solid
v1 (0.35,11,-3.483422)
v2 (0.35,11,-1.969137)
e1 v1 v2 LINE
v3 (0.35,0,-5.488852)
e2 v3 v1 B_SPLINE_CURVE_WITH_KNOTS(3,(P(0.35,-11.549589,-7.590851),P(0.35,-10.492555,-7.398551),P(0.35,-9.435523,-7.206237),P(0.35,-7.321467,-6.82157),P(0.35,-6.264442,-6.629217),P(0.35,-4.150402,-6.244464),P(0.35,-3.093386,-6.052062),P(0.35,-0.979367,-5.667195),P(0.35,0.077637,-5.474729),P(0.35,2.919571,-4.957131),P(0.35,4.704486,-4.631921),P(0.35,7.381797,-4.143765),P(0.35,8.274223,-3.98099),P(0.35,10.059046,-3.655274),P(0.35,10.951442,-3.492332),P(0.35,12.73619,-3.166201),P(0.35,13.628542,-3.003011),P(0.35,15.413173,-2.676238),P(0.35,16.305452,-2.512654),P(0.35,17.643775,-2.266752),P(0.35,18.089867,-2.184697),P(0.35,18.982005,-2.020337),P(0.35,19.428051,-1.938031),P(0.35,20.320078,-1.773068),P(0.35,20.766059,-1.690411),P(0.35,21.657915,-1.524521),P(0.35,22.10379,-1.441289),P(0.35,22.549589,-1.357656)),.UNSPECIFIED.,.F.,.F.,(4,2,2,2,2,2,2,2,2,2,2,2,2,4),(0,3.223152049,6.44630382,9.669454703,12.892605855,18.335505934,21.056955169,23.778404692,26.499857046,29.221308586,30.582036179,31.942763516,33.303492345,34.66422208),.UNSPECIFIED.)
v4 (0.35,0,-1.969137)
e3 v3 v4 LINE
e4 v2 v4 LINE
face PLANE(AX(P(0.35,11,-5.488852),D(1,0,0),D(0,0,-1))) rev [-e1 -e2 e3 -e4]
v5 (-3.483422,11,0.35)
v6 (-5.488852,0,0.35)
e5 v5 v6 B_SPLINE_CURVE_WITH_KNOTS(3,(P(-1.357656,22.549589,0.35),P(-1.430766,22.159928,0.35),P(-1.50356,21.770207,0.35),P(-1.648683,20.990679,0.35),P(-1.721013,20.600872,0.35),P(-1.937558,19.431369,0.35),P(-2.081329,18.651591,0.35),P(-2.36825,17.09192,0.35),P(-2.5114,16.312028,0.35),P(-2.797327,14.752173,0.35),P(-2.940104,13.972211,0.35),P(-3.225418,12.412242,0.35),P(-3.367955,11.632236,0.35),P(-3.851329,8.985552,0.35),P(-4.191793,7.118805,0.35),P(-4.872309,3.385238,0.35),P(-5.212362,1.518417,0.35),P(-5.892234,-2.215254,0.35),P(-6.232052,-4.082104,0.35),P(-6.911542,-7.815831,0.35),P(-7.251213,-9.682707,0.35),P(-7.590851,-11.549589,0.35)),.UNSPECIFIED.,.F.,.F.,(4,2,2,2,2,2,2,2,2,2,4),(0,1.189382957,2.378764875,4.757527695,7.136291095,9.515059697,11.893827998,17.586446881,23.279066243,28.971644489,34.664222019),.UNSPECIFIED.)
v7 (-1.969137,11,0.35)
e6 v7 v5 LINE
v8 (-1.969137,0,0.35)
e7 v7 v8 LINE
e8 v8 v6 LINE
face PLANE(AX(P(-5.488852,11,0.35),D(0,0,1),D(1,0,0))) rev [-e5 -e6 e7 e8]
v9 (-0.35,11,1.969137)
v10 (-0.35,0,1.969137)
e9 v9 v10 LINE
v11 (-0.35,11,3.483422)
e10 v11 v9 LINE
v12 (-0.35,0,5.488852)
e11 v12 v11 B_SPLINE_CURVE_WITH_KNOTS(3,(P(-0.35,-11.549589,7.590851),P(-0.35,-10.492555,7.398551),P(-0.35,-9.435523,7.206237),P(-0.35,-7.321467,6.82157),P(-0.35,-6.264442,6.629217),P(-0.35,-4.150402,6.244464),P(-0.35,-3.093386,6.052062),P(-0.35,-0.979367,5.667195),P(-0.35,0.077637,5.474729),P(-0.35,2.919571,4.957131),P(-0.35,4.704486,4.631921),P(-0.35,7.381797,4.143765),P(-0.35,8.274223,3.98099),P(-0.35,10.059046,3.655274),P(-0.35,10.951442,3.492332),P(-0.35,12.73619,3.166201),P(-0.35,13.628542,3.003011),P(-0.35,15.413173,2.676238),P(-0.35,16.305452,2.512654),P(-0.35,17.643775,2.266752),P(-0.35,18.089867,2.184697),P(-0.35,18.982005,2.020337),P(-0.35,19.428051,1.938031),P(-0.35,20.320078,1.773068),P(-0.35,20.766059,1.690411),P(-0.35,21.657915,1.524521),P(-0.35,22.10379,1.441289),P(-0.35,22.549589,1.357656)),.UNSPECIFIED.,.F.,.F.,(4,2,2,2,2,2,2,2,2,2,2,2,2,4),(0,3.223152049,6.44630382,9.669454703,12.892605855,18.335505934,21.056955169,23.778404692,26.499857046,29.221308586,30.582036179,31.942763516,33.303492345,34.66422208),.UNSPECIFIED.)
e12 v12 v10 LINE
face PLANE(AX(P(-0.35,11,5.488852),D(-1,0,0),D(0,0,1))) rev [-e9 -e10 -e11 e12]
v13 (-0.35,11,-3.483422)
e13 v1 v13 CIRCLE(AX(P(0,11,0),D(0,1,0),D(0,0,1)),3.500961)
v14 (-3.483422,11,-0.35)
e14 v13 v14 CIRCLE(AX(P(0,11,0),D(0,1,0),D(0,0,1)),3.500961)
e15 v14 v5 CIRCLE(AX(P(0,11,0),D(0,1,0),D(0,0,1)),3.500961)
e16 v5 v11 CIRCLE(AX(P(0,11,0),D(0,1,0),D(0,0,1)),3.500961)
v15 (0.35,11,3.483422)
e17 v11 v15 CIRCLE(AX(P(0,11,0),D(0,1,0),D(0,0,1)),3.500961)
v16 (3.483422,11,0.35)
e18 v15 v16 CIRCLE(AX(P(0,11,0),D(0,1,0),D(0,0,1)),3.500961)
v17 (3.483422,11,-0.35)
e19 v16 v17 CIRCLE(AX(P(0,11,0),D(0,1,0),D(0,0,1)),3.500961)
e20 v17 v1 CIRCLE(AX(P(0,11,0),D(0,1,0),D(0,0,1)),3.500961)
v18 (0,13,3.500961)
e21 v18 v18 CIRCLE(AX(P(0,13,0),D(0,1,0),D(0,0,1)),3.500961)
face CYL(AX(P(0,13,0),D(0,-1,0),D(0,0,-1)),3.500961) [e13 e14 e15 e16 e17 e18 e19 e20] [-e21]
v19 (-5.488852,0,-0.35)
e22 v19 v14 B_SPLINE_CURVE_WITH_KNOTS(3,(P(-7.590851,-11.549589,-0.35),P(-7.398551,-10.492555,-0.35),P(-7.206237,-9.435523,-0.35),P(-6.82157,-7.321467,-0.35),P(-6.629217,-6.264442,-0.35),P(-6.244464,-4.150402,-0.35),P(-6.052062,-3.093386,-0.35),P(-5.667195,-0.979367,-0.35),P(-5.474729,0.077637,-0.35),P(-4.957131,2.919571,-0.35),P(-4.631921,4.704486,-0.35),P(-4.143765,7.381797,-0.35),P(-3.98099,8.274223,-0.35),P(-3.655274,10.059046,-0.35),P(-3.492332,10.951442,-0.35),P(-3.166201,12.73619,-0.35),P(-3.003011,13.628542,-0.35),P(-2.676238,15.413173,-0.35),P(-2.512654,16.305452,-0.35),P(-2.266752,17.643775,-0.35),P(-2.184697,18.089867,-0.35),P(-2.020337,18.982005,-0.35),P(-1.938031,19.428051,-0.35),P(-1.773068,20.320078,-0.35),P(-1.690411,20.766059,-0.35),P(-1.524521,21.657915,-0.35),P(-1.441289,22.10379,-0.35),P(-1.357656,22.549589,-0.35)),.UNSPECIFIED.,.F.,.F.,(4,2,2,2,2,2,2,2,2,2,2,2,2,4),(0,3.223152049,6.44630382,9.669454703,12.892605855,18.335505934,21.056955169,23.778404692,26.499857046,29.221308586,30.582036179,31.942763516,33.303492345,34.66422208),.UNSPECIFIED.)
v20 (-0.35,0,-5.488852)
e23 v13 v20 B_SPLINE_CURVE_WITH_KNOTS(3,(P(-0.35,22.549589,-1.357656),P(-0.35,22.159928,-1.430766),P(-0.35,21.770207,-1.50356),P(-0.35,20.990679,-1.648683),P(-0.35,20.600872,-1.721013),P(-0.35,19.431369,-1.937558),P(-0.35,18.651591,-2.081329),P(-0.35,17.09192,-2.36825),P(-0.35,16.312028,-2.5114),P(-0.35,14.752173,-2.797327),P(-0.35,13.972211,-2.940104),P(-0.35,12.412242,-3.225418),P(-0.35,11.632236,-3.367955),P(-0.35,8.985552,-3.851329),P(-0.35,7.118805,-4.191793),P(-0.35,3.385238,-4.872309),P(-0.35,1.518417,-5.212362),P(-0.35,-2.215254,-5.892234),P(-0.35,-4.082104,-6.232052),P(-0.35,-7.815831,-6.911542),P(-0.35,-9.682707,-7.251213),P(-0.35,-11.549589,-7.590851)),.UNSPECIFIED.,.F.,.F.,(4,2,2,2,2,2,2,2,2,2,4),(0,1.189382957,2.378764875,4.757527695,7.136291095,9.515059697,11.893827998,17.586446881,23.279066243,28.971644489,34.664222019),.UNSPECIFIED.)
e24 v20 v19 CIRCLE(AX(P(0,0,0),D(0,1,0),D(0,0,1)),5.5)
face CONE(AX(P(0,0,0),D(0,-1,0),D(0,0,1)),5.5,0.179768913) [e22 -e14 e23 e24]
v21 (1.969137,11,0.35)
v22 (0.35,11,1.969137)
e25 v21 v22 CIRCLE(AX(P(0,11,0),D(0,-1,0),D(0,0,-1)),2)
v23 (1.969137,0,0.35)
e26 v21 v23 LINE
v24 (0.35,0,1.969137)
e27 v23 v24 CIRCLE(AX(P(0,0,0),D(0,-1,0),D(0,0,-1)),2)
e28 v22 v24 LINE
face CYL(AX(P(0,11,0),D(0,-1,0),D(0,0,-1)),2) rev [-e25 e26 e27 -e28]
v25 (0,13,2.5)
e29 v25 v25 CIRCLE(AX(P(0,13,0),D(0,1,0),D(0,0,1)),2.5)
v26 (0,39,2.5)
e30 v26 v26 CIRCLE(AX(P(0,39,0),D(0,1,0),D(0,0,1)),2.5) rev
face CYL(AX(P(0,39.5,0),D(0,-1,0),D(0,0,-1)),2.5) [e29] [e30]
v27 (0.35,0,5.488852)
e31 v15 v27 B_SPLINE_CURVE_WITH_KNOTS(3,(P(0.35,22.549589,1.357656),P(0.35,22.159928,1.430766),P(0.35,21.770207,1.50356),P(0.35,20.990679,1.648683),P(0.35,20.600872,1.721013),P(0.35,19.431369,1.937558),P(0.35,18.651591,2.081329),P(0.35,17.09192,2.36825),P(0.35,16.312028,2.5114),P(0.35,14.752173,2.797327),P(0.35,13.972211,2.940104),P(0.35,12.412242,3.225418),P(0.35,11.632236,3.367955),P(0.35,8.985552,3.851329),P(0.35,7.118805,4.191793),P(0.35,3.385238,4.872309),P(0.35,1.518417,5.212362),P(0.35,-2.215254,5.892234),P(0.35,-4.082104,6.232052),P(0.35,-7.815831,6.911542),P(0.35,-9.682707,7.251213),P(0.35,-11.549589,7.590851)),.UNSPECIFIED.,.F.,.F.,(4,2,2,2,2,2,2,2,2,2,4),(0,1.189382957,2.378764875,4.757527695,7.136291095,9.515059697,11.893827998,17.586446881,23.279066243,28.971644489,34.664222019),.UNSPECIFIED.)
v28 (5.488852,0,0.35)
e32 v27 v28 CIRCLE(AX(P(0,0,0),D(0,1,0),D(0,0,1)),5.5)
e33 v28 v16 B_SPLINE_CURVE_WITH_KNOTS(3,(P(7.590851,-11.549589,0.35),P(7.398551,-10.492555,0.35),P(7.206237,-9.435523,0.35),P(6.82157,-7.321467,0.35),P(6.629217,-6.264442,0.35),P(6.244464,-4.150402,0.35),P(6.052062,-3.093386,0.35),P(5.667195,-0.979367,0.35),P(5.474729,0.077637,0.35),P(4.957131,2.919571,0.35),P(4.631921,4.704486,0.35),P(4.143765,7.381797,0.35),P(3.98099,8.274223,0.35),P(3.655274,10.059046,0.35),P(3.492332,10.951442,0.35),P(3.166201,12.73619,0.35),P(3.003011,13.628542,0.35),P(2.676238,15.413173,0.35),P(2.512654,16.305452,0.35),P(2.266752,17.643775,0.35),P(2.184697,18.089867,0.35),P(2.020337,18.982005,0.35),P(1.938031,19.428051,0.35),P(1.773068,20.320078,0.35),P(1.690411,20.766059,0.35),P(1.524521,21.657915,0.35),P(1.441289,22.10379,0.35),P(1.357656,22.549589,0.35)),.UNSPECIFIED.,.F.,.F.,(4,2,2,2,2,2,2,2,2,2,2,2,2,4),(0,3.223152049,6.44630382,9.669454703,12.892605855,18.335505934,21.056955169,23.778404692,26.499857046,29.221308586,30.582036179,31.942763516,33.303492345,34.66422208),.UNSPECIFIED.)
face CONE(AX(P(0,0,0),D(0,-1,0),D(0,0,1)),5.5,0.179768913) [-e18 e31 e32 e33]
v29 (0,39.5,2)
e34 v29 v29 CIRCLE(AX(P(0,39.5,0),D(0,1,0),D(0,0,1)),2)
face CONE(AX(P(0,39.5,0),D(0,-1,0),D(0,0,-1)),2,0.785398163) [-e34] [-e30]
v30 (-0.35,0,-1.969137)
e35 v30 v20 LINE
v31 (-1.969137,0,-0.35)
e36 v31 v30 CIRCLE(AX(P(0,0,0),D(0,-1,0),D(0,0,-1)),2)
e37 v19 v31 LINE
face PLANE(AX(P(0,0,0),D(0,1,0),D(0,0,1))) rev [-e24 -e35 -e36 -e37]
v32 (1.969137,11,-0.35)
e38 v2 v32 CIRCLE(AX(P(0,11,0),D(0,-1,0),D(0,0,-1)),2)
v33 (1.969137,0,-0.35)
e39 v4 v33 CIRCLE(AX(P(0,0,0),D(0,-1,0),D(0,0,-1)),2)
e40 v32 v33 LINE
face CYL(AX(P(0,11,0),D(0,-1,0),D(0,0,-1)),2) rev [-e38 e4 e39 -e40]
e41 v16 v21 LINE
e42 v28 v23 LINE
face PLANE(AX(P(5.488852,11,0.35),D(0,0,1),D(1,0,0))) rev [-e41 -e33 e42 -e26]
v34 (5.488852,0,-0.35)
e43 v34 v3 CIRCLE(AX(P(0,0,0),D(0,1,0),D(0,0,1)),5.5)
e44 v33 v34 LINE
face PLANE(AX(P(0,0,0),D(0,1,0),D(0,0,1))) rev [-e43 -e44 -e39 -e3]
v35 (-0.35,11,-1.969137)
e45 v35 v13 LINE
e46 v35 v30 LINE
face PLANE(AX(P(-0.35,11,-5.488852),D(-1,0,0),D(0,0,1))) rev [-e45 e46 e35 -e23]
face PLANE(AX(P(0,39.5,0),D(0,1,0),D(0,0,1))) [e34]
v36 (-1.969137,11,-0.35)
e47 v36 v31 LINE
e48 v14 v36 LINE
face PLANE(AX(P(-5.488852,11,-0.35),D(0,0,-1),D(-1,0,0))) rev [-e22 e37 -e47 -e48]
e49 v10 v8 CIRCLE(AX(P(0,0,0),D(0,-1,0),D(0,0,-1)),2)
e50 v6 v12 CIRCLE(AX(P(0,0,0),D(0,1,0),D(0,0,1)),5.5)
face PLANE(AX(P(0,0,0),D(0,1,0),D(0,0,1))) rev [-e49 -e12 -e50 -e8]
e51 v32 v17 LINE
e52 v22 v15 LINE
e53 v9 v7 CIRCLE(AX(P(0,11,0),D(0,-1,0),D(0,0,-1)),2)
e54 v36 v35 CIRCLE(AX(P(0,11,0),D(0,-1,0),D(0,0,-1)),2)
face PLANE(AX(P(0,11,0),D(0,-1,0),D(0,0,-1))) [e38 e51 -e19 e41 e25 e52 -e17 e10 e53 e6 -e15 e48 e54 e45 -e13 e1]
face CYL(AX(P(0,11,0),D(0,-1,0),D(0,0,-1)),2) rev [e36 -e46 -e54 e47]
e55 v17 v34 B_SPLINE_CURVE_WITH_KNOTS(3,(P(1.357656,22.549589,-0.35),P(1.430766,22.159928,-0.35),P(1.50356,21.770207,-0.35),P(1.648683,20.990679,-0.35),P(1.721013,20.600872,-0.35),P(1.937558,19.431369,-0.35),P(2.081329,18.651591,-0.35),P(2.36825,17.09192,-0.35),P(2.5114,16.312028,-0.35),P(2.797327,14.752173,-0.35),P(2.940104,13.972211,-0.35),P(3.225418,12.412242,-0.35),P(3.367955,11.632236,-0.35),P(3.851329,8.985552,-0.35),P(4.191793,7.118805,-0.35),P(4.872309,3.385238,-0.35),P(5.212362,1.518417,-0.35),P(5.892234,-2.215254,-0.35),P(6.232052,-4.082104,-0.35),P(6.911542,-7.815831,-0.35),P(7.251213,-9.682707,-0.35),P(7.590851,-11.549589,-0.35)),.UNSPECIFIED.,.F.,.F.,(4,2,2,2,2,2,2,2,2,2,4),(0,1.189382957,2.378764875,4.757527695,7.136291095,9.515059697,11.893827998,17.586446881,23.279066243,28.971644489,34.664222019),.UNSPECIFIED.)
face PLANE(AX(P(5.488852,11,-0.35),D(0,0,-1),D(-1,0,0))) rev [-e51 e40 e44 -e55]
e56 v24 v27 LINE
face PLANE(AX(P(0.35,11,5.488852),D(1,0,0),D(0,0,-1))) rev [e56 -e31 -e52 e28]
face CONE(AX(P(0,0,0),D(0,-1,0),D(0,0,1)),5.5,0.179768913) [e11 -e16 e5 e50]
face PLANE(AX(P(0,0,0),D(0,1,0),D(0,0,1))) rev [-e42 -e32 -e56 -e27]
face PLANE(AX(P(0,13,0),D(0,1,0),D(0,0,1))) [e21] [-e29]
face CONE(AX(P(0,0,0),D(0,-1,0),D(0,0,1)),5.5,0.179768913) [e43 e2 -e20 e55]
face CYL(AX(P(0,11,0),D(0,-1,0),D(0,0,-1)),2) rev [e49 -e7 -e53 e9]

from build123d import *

# Parameters (mm, degrees)
SKETCH1_R           = 5.5
BOSS_EXTRUDE1_DEPTH = 11
BOSS_EXTRUDE1_TAPER = 10.3
SKETCH2_R           = 3.500961199
BOSS_EXTRUDE2_DEPTH = 2
SKETCH3_R           = 2.5
BOSS_EXTRUDE3_DEPTH = 26.5
CHAMFER1_SIZE       = 0.5
CUT_EXTRUDE1_DEPTH  = 11


with BuildPart() as part:
    # Sketch1 → Boss-Extrude1 (new body)
    with BuildSketch(Plane(origin=(0, 0, 0), x_dir=(1, 0, 0), z_dir=(0, 1, 0))):
        Circle(SKETCH1_R)
    extrude(amount=BOSS_EXTRUDE1_DEPTH, taper=BOSS_EXTRUDE1_TAPER)

    # Sketch2 → Boss-Extrude2 (add)
    with BuildSketch(Plane(origin=(0, 11, 0), x_dir=(1, 0, 0), z_dir=(0, 1, 0))):
        with Locations(Location((0, 0, 0), (0, 0, 270))):
            Circle(SKETCH2_R)
    extrude(amount=BOSS_EXTRUDE2_DEPTH)

    # Sketch3 → Boss-Extrude3 (add)
    with BuildSketch(Plane(origin=(0, 13, 0), x_dir=(1, 0, 0), z_dir=(0, 1, 0))):
        with Locations(Location((0, 0, 0), (0, 0, 270))):
            Circle(SKETCH3_R)
    extrude(amount=BOSS_EXTRUDE3_DEPTH)

    # Chamfer1
    chamfer1_edges = [part.edges().sort_by_distance(p)[0] for p in [
        (0, 39.5, -2.5),
    ]]
    chamfer(chamfer1_edges, length=CHAMFER1_SIZE)

    # Sketch4 → Cut-Extrude1 (cut)
    with BuildSketch(Plane.XZ):
        with BuildLine():
            Line((0.35, 5.488852339), (0.35, 1.969136867))
            ThreePointArc((0.35, 1.969136867), (1.414213562, 1.414213562), (1.969136867, 0.35))
            Line((1.969136867, 0.35), (5.488852339, 0.35))
            ThreePointArc((5.488852339, 0.35), (5.5, 0), (5.488852339, -0.35))
            Line((5.488852339, -0.35), (1.969136867, -0.35))
            ThreePointArc((1.969136867, -0.35), (1.414213562, -1.414213562), (0.35, -1.969136867))
            Line((0.35, -1.969136867), (0.35, -5.488852339))
            ThreePointArc((0.35, -5.488852339), (0, -5.5), (-0.35, -5.488852339))
            Line((-0.35, -5.488852339), (-0.35, -1.969136867))
            ThreePointArc((-0.35, -1.969136867), (-1.414213562, -1.414213562), (-1.969136867, -0.35))
            Line((-1.969136867, -0.35), (-5.488852339, -0.35))
            ThreePointArc((-5.488852339, -0.35), (-5.5, 0), (-5.488852339, 0.35))
            Line((-5.488852339, 0.35), (-1.969136867, 0.35))
            ThreePointArc((-1.969136867, 0.35), (-1.414213562, 1.414213562), (-0.35, 1.969136867))
            Line((-0.35, 1.969136867), (-0.35, 5.488852339))
            ThreePointArc((-0.35, 5.488852339), (0, 5.5), (0.35, 5.488852339))
        make_face()
    extrude(amount=-CUT_EXTRUDE1_DEPTH, mode=Mode.SUBTRACT)


solid = part.part
